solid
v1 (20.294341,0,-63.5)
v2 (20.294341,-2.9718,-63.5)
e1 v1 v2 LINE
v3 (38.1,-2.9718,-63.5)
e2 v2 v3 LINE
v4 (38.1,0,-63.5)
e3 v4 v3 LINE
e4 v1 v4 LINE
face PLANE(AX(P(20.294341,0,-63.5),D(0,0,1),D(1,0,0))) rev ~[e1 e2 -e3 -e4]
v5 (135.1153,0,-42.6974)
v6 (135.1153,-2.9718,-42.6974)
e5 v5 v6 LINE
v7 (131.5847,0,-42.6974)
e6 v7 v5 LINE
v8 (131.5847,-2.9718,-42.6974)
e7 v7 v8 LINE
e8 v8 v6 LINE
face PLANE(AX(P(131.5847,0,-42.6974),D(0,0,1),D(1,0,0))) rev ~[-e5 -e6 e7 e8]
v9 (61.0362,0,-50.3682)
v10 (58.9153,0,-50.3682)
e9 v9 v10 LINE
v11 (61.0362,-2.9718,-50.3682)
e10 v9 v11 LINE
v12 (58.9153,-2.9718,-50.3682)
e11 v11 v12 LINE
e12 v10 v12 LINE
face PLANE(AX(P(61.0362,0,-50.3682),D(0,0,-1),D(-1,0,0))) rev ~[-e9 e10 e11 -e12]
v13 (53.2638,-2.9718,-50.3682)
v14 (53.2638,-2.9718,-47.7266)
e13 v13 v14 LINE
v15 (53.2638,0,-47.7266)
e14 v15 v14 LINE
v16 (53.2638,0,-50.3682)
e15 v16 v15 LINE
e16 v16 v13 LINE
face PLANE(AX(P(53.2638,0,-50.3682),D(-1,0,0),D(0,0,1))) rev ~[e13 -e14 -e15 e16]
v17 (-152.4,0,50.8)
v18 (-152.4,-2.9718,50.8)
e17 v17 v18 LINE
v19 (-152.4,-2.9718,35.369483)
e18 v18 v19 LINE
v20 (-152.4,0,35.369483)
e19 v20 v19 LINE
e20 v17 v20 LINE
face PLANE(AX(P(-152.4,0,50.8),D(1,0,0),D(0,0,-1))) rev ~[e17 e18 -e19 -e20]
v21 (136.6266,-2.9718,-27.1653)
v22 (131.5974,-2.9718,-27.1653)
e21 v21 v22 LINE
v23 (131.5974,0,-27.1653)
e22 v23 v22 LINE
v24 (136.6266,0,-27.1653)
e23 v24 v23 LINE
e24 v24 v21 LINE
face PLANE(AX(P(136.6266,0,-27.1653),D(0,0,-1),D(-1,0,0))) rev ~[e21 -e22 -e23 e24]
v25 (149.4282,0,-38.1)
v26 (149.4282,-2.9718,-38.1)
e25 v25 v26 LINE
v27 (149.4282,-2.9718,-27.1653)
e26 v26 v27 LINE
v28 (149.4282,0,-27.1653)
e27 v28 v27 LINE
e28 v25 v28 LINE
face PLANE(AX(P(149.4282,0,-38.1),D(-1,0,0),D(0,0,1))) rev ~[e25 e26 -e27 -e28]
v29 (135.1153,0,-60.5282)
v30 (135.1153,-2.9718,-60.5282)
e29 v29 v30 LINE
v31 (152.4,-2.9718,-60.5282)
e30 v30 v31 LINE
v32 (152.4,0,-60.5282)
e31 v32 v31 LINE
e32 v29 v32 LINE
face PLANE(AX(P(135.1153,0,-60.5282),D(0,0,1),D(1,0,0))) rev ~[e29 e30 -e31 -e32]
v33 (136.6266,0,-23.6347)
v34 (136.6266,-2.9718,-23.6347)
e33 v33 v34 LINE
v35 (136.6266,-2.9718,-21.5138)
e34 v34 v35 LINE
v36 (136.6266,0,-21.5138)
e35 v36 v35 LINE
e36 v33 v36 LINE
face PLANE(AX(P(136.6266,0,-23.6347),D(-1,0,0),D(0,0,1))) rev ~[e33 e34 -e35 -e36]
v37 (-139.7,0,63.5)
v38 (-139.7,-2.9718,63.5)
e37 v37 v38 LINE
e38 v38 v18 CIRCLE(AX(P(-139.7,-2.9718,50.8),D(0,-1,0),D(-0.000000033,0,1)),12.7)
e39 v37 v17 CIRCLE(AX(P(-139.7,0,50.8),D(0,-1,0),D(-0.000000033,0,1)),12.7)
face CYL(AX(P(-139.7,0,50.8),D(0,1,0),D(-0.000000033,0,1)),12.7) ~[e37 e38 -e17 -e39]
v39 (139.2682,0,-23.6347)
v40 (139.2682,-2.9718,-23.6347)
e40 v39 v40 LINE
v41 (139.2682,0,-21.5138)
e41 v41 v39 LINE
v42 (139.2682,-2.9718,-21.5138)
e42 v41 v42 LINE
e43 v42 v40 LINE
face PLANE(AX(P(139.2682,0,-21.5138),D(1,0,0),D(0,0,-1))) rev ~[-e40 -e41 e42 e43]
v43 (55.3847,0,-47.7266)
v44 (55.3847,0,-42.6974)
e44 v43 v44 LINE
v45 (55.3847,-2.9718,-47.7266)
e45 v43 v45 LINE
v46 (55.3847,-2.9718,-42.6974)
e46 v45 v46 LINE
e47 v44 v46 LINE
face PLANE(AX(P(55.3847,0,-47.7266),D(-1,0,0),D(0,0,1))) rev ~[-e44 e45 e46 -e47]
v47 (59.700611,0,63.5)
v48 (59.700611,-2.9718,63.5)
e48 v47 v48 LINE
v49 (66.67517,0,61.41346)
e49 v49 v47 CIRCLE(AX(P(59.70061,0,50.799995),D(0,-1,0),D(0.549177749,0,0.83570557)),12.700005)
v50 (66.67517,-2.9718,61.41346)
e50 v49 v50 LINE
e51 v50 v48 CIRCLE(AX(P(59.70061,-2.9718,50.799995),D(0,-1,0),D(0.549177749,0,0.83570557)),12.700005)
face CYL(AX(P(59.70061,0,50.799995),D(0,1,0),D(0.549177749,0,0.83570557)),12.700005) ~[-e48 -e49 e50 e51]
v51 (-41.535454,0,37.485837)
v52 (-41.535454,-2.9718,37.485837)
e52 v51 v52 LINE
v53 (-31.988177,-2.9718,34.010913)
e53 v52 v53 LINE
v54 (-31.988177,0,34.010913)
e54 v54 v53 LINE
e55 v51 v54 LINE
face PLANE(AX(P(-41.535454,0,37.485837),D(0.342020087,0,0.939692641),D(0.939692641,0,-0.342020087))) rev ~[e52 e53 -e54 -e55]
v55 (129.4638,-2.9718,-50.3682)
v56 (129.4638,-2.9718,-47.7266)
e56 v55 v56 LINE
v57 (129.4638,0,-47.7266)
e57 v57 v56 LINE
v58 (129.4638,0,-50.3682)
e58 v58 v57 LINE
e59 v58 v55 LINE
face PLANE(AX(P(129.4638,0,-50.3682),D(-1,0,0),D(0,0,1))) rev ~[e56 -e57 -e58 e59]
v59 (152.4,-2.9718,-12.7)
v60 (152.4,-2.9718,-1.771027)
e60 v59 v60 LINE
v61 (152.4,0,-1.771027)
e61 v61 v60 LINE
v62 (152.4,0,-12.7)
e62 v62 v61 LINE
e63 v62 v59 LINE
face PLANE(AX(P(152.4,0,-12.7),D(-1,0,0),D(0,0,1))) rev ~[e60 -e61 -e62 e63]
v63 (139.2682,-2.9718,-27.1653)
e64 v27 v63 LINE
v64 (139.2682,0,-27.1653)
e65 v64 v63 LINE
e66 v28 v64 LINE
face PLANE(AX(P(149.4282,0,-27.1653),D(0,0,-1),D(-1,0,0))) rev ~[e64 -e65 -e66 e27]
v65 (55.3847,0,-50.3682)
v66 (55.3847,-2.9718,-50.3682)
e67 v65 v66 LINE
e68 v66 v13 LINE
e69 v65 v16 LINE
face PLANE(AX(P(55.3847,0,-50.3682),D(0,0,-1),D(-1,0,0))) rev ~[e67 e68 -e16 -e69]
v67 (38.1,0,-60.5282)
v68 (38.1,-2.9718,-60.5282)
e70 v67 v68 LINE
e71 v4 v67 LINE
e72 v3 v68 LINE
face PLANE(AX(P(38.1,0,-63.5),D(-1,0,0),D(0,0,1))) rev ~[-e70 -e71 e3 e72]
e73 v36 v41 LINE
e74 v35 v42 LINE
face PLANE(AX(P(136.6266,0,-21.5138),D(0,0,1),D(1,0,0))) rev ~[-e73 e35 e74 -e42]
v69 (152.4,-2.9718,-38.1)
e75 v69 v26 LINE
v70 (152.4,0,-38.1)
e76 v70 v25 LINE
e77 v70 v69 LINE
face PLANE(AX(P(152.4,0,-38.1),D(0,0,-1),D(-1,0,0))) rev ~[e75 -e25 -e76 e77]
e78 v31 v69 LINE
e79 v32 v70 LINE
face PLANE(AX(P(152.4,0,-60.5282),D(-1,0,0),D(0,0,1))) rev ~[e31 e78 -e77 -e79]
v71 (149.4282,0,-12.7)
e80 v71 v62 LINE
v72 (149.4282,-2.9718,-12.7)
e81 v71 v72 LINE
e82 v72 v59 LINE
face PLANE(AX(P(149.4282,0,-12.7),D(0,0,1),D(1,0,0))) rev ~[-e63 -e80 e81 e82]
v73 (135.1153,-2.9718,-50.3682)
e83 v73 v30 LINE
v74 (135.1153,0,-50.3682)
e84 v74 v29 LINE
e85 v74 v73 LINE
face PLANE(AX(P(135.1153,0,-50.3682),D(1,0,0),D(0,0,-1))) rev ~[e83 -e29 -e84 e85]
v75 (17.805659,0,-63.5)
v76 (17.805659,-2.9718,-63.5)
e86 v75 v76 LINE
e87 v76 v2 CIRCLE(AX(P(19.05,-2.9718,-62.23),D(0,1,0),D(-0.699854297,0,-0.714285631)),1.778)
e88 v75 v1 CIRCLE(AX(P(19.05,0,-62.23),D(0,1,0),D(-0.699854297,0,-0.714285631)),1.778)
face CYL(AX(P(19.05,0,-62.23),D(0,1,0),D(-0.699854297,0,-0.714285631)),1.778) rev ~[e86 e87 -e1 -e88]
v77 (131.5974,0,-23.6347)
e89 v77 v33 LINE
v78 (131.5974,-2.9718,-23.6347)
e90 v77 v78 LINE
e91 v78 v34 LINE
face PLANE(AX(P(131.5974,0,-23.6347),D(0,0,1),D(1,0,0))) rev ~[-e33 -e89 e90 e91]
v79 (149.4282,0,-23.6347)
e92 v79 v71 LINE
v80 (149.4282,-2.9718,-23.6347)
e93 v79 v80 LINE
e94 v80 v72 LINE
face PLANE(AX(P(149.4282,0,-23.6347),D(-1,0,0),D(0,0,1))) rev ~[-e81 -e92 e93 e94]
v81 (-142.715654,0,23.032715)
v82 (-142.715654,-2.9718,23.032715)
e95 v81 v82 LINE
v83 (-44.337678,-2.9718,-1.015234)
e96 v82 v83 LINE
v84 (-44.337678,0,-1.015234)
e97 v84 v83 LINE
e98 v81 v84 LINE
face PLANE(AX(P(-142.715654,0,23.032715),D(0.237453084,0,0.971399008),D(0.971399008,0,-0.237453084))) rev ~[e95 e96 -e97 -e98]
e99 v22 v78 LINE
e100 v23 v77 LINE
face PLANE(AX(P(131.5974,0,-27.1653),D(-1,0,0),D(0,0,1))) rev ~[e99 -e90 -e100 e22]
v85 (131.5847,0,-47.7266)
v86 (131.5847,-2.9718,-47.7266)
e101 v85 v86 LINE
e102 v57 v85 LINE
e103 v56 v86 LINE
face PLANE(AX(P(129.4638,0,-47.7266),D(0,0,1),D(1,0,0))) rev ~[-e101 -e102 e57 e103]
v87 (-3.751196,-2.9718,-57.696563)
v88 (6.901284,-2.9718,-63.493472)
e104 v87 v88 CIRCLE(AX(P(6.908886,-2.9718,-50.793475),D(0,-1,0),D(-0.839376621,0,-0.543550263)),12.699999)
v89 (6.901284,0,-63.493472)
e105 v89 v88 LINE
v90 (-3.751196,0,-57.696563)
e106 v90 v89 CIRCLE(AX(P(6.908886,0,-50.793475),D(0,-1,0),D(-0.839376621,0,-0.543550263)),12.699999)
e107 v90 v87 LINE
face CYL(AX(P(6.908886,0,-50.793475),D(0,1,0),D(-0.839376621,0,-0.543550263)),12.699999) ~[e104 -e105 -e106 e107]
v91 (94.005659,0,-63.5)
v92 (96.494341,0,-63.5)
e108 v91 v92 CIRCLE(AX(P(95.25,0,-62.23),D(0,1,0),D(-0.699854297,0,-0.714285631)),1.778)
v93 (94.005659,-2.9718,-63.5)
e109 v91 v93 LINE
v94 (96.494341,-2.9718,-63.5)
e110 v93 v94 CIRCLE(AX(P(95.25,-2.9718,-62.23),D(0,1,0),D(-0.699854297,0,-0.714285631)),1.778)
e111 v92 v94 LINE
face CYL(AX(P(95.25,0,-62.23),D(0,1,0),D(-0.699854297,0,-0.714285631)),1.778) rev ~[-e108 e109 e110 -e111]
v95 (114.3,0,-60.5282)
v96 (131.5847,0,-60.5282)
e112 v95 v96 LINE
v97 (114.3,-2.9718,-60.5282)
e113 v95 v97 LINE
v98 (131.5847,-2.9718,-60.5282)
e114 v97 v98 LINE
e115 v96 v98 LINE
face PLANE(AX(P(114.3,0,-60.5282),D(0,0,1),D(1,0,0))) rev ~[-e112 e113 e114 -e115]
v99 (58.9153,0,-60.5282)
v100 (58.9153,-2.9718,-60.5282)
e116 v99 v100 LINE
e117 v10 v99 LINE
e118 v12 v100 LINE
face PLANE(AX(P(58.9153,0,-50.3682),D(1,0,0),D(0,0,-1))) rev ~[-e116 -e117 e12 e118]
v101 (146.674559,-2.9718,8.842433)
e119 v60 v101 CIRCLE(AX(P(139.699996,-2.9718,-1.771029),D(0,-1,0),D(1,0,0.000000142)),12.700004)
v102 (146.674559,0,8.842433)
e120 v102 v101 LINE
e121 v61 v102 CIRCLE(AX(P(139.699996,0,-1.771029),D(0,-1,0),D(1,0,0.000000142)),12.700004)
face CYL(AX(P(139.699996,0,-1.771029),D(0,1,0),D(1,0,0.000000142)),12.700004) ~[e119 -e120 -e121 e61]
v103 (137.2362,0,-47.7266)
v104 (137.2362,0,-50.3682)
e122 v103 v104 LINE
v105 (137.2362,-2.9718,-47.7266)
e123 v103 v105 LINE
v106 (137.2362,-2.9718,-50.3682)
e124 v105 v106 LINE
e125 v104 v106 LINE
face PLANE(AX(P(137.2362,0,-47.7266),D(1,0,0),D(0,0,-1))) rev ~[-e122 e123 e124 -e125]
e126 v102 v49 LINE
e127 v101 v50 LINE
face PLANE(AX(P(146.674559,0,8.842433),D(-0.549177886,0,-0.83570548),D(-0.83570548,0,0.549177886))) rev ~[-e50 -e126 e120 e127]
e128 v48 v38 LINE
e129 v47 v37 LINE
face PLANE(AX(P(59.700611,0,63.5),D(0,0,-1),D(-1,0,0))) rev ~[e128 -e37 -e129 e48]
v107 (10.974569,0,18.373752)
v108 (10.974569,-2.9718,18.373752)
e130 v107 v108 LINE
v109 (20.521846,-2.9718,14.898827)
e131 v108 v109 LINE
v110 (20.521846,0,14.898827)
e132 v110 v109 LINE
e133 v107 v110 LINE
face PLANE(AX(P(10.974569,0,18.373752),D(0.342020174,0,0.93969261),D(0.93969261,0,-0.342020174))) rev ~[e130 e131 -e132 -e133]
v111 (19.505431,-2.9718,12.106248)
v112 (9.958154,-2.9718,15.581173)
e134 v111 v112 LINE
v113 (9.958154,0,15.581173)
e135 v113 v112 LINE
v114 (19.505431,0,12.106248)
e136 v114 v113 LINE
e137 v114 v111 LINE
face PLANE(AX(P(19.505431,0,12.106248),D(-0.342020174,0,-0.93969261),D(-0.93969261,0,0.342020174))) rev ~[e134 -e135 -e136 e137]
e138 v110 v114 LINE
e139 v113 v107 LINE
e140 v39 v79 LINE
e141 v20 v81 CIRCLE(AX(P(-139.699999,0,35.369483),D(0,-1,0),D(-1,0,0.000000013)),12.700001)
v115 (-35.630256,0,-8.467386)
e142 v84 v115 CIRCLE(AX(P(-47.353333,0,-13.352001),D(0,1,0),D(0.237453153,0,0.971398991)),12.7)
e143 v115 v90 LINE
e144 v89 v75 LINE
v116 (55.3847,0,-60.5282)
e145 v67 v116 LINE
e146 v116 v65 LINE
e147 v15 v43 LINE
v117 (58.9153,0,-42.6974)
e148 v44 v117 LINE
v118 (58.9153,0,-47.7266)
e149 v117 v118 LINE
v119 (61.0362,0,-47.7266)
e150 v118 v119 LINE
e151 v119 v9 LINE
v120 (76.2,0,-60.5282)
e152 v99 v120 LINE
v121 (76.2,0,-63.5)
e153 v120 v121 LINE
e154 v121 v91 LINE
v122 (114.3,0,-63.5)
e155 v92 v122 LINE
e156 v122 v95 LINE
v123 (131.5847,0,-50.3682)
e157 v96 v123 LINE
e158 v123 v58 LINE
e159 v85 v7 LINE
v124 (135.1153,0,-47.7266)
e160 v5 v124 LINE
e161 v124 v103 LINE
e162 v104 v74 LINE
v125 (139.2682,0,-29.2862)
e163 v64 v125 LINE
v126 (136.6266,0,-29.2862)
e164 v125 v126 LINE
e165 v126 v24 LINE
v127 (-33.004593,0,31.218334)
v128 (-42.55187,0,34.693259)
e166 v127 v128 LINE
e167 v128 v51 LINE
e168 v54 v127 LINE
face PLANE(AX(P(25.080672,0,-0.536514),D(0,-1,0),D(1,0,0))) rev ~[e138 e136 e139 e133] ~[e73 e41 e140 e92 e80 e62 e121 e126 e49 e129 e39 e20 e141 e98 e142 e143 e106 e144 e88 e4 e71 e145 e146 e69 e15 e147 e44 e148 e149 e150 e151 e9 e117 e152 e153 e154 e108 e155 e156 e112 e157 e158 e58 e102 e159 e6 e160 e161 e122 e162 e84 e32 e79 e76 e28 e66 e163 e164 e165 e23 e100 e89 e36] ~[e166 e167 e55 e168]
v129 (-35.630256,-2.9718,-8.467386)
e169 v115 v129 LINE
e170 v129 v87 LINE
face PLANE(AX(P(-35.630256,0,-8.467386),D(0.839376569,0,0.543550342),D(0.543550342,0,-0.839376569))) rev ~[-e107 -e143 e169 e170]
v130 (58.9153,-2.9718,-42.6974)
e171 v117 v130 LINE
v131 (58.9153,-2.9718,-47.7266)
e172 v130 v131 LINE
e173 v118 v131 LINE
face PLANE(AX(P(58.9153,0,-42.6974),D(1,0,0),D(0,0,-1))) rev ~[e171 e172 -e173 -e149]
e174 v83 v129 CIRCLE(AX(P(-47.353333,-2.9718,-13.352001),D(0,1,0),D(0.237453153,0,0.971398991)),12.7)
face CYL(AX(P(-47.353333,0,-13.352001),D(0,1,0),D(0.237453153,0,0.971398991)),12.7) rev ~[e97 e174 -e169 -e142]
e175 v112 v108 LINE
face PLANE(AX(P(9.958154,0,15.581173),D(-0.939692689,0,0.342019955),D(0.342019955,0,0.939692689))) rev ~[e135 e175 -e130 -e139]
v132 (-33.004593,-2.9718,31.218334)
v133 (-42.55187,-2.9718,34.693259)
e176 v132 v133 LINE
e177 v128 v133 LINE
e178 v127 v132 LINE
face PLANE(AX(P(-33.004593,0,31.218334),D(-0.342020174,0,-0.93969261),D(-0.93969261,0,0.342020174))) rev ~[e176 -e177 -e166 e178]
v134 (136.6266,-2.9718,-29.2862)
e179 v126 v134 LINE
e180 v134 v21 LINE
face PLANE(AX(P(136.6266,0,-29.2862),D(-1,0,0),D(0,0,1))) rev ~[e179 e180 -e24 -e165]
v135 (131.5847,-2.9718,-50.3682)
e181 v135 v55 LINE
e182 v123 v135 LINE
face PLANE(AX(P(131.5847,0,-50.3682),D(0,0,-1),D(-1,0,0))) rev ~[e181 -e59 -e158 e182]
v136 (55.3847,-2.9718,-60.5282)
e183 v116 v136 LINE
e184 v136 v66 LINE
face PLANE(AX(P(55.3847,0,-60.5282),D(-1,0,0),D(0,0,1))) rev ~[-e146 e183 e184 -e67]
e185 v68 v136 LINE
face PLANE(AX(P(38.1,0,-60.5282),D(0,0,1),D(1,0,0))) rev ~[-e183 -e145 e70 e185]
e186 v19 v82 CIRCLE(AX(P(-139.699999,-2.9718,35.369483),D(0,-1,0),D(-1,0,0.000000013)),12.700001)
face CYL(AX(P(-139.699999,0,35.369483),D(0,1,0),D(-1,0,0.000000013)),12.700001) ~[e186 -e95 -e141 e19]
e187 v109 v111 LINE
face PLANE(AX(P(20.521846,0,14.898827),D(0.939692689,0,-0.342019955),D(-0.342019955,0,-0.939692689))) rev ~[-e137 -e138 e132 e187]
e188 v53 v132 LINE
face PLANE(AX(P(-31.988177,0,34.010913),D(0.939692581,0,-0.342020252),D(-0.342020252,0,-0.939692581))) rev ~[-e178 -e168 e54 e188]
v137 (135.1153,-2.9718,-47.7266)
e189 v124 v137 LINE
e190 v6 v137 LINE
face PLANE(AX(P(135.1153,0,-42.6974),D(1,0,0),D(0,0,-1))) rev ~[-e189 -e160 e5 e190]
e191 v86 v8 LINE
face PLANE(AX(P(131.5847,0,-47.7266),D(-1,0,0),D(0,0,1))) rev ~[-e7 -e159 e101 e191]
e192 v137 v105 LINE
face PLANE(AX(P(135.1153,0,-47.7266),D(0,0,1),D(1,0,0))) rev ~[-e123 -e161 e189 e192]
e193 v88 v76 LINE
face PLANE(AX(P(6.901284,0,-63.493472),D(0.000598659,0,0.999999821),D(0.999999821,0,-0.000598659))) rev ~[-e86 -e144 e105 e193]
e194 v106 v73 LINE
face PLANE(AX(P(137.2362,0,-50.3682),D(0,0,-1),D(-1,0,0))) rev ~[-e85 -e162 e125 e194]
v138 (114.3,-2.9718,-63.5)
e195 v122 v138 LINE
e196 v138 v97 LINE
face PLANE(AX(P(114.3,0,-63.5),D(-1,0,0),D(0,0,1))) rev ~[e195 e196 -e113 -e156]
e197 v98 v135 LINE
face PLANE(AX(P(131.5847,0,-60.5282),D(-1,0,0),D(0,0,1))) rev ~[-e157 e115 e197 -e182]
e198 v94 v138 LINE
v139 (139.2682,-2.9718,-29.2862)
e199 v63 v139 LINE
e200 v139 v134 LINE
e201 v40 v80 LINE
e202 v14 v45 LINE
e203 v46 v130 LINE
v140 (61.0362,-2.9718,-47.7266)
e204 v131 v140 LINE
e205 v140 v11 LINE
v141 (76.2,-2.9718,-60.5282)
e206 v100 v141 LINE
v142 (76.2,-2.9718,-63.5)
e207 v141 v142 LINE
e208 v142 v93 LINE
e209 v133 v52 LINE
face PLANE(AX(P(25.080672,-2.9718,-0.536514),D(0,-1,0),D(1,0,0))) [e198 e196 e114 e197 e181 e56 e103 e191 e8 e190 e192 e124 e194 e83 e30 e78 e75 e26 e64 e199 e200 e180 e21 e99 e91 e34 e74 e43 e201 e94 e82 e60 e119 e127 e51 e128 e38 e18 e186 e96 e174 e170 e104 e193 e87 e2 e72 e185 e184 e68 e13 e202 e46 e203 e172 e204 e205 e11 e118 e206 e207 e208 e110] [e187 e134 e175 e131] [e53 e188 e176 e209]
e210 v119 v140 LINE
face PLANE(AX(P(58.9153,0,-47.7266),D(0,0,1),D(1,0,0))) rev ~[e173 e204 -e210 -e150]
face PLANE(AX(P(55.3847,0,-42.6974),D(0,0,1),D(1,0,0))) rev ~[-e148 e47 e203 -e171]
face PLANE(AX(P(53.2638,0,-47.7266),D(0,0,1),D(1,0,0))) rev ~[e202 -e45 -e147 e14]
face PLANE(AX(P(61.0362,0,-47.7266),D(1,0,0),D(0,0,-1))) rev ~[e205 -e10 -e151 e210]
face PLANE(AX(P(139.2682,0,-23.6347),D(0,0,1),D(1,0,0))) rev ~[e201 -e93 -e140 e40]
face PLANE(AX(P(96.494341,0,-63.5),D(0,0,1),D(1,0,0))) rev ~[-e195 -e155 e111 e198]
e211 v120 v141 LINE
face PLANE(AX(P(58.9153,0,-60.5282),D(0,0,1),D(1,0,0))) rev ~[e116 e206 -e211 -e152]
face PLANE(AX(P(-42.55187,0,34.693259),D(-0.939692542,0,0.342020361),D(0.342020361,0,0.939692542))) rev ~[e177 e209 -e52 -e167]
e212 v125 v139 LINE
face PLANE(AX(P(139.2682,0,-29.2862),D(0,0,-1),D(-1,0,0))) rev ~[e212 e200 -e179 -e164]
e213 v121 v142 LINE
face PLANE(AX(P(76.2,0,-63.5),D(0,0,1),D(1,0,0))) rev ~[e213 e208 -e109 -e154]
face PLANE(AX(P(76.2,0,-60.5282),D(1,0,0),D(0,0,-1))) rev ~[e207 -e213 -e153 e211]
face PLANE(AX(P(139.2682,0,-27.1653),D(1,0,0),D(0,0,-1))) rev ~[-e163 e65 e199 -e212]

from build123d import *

# Parameters (mm, degrees)
F1_DEPTH = 2.9718


with BuildPart() as f1:
    # F0 (on Front) → F1 (new body)
    with BuildSketch(Plane.XZ):
        with BuildLine():
            Line((135.1153, -60.5282), (152.4, -60.5282))
            Line((152.4, -60.5282), (152.4, -38.1))
            Line((152.4, -38.1), (149.4282, -38.1))
            Line((149.4282, -38.1), (149.4282, -27.1653))
            Line((149.4282, -27.1653), (139.2682, -27.1653))
            Line((139.2682, -27.1653), (139.2682, -29.2862))
            Line((139.2682, -29.2862), (136.6266, -29.2862))
            Line((136.6266, -29.2862), (136.6266, -27.1653))
            Line((136.6266, -27.1653), (131.5974, -27.1653))
            Line((131.5974, -27.1653), (131.5974, -23.6347))
            Line((131.5974, -23.6347), (136.6266, -23.6347))
            Line((136.6266, -23.6347), (136.6266, -21.5138))
            Line((136.6266, -21.5138), (139.2682, -21.5138))
            Line((139.2682, -21.5138), (139.2682, -23.6347))
            Line((139.2682, -23.6347), (149.4282, -23.6347))
            Line((149.4282, -23.6347), (149.4282, -12.7))
            Line((149.4282, -12.7), (152.4, -12.7))
            Line((152.4, -12.7), (152.4, -1.771027))
            ThreePointArc((152.4, -1.771027), (150.877363, 4.258612), (146.674559, 8.842433))
            Line((146.674559, 8.842433), (66.67517, 61.41346))
            ThreePointArc((66.67517, 61.41346), (63.340602, 62.967188), (59.700611, 63.5))
            Line((59.700611, 63.5), (-139.7, 63.5))
            ThreePointArc((-139.7, 63.5), (-148.680256, 59.780256), (-152.4, 50.8))
            Line((-152.4, 50.8), (-152.4, 35.369483))
            ThreePointArc((-152.4, 35.369483), (-149.689715, 27.52757), (-142.715654, 23.032715))
            Line((-142.715654, 23.032715), (-44.337678, -1.015234))
            ThreePointArc((-44.337678, -1.015234), (-39.095537, -3.703229), (-35.630256, -8.467386))
            Line((-35.630256, -8.467386), (-3.751196, -57.696563))
            ThreePointArc((-3.751196, -57.696563), (0.838391, -61.948701), (6.901284, -63.493472))
            Line((6.901284, -63.493472), (17.805659, -63.5))
            ThreePointArc((17.805659, -63.5), (19.05, -60.452), (20.294341, -63.5))
            Line((20.294341, -63.5), (38.1, -63.5))
            Line((38.1, -63.5), (38.1, -60.5282))
            Line((38.1, -60.5282), (55.3847, -60.5282))
            Line((55.3847, -60.5282), (55.3847, -50.3682))
            Line((55.3847, -50.3682), (53.2638, -50.3682))
            Line((53.2638, -50.3682), (53.2638, -47.7266))
            Line((53.2638, -47.7266), (55.3847, -47.7266))
            Line((55.3847, -47.7266), (55.3847, -42.6974))
            Line((55.3847, -42.6974), (58.9153, -42.6974))
            Line((58.9153, -42.6974), (58.9153, -47.7266))
            Line((58.9153, -47.7266), (61.0362, -47.7266))
            Line((61.0362, -47.7266), (61.0362, -50.3682))
            Line((61.0362, -50.3682), (58.9153, -50.3682))
            Line((58.9153, -50.3682), (58.9153, -60.5282))
            Line((58.9153, -60.5282), (76.2, -60.5282))
            Line((76.2, -60.5282), (76.2, -63.5))
            Line((76.2, -63.5), (94.005659, -63.5))
            ThreePointArc((94.005659, -63.5), (95.25, -60.452), (96.494341, -63.5))
            Line((96.494341, -63.5), (114.3, -63.5))
            Line((114.3, -63.5), (114.3, -60.5282))
            Line((114.3, -60.5282), (131.5847, -60.5282))
            Line((131.5847, -60.5282), (131.5847, -50.3682))
            Line((131.5847, -50.3682), (129.4638, -50.3682))
            Line((129.4638, -50.3682), (129.4638, -47.7266))
            Line((129.4638, -47.7266), (131.5847, -47.7266))
            Line((131.5847, -47.7266), (131.5847, -42.6974))
            Line((131.5847, -42.6974), (135.1153, -42.6974))
            Line((135.1153, -42.6974), (135.1153, -47.7266))
            Line((135.1153, -47.7266), (137.2362, -47.7266))
            Line((137.2362, -47.7266), (137.2362, -50.3682))
            Line((137.2362, -50.3682), (135.1153, -50.3682))
            Line((135.1153, -50.3682), (135.1153, -60.5282))
        make_face()
        Polygon((-31.988177, 34.010913), (-33.004593, 31.218334), (-42.55187, 34.693259), (-41.535454, 37.485837), align=None, mode=Mode.SUBTRACT)
        Polygon((20.521846, 14.898827), (19.505431, 12.106248), (9.958154, 15.581173), (10.974569, 18.373752), align=None, mode=Mode.SUBTRACT)
    extrude(amount=F1_DEPTH)


solid = f1.part
